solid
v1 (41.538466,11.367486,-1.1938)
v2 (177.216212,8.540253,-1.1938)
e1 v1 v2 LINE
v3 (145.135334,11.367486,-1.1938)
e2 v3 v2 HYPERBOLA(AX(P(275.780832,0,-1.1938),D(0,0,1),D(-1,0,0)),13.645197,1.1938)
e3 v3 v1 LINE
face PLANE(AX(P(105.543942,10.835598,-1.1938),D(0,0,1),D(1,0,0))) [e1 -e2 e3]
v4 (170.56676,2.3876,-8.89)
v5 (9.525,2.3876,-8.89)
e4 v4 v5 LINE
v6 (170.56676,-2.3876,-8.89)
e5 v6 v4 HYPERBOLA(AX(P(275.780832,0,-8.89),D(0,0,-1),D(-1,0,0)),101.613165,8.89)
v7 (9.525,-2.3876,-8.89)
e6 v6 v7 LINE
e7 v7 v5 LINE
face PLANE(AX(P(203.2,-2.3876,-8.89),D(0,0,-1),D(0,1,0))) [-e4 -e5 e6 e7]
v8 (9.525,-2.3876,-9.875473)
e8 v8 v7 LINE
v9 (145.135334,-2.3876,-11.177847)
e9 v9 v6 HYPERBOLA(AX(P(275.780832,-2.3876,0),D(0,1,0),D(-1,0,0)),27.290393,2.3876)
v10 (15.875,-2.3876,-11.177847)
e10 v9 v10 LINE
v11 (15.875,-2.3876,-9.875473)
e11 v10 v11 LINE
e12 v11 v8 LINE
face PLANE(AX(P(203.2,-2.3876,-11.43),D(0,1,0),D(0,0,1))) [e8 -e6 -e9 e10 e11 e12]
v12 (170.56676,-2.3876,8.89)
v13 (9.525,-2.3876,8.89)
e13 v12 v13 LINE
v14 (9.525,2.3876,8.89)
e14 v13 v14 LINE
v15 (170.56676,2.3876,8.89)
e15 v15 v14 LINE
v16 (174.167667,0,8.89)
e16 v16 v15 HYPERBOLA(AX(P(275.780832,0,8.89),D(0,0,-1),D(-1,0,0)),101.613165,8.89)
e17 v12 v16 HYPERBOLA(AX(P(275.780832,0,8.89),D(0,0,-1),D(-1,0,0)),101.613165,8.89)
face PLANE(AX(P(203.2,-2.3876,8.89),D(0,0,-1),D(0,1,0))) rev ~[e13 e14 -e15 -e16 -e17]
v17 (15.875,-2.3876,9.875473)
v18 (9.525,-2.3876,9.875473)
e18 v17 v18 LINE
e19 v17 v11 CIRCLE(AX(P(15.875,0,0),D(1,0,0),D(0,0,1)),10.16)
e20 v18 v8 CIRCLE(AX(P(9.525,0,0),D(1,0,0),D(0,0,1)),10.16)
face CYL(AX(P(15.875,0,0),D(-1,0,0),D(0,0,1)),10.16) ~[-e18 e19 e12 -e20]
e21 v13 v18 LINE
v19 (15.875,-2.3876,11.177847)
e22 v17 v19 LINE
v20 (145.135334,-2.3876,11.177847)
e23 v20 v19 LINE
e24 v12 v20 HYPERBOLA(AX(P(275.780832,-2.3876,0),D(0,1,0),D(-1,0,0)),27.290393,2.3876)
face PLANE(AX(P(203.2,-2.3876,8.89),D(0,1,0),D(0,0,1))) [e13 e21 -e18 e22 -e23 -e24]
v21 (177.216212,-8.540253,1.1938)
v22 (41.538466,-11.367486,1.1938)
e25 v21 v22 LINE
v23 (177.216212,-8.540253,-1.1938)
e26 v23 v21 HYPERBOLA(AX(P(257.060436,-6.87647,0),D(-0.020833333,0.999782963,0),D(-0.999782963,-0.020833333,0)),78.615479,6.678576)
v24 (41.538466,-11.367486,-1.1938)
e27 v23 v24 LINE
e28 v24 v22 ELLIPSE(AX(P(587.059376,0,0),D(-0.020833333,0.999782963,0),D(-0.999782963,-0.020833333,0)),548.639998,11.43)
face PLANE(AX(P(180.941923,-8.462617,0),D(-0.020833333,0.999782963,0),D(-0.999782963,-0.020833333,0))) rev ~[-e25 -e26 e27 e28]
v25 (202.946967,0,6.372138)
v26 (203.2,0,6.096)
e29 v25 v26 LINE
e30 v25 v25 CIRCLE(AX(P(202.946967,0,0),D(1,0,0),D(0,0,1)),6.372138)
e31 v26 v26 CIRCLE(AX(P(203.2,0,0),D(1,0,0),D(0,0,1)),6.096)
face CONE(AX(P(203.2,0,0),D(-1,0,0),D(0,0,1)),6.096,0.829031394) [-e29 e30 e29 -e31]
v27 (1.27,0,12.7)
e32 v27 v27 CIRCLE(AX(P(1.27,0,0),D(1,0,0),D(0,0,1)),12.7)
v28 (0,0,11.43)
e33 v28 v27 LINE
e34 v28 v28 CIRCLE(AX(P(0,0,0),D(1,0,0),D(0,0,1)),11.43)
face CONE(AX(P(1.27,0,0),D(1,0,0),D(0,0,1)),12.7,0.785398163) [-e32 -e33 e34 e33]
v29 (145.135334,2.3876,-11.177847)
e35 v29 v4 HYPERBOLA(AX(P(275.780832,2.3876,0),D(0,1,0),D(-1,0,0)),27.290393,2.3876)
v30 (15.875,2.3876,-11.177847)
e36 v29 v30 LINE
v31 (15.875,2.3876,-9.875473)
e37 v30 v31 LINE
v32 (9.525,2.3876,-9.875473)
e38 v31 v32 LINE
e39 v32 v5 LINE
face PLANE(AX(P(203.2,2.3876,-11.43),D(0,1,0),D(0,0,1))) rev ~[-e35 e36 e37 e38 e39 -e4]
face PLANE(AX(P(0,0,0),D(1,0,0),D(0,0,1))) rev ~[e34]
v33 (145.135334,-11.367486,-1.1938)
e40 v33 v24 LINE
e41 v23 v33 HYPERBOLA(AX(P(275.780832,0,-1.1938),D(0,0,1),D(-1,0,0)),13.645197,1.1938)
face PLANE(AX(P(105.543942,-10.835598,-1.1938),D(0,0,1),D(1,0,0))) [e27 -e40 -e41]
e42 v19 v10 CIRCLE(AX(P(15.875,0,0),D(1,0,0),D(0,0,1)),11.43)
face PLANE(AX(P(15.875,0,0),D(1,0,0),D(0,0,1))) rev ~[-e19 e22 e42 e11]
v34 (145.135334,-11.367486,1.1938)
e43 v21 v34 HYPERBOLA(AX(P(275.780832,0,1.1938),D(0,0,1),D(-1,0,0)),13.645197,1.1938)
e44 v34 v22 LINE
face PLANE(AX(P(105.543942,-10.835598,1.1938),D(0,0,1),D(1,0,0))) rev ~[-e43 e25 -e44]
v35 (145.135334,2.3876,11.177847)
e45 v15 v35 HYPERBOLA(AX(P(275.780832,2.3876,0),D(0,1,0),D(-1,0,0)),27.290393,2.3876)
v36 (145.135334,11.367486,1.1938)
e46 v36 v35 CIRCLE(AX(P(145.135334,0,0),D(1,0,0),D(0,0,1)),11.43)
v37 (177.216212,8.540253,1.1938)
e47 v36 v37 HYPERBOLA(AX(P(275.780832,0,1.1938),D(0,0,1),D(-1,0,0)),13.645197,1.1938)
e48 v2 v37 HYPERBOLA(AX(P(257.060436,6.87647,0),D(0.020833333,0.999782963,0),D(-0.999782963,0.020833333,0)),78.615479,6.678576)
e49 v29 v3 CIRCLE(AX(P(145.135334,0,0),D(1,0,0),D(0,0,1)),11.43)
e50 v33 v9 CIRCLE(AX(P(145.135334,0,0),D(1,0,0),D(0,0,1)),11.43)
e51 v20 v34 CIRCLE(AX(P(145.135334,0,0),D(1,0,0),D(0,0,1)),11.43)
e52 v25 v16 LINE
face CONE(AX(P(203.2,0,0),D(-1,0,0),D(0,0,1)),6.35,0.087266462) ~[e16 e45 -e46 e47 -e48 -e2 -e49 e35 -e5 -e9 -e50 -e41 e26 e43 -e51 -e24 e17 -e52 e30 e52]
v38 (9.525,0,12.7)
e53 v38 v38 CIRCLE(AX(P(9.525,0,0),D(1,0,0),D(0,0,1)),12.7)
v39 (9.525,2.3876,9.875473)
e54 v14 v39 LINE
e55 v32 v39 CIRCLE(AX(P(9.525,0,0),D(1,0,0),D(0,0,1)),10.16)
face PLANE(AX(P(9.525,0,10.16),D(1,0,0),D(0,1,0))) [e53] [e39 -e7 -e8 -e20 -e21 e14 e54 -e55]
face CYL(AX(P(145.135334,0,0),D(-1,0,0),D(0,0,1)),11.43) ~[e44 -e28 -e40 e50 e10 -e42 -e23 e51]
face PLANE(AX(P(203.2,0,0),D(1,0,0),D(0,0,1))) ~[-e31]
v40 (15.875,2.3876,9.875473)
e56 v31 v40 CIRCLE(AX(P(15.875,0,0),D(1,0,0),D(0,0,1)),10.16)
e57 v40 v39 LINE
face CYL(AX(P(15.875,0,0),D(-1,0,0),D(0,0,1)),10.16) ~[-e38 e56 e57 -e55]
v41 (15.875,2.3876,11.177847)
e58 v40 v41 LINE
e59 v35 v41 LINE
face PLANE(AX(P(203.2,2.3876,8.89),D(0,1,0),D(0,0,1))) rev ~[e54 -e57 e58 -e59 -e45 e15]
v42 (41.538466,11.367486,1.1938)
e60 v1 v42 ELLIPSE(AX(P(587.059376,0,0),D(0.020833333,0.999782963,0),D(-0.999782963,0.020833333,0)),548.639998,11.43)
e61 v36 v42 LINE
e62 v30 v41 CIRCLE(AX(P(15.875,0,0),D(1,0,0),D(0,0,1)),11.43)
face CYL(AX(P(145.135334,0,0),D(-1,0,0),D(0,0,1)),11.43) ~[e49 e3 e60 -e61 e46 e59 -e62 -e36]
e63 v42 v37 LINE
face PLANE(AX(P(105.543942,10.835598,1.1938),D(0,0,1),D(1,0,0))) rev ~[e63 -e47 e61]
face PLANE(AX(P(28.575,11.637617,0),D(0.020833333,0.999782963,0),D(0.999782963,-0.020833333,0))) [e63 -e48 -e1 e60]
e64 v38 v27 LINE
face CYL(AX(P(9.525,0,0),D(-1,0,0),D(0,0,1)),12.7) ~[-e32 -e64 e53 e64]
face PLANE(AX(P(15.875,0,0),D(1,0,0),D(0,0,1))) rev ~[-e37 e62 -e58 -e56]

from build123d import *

# Parameters (mm, degrees)
F3_SIZE  = 1.27
F4_SIZE  = 0.254
F5_W     = 4.7752
F5_H     = 2.54
F6_DEPTH = 193.675
F8_DEPTH = 1.1938


with BuildPart() as f2:
    # F0 (on Front) → F2 (revolve)
    with BuildSketch(Plane.XZ):
        Polygon((0, 12.7), (0, 0), (203.2, 0), (203.2, 6.35), (145.135334, 11.43), (15.875, 11.43), (15.875, 10.16), (9.525, 10.16), (9.525, 12.7), align=None)
    revolve(axis=Axis((47.973725, 0, 0), (1, 0, 0)))

    # F3
    f3_edges = [f2.edges().sort_by_distance(p)[0] for p in [
        (0, 0, -12.7),
    ]]
    chamfer(f3_edges, length=F3_SIZE)

    # F4
    f4_edges = [f2.edges().sort_by_distance(p)[0] for p in [
        (203.2, 0, -6.35),
    ]]
    chamfer(f4_edges, length=F4_SIZE)

    # F5 (on face) → F6 (cut, through all)
    with BuildSketch(Plane.YZ.offset(203.2)):
        with Locations((0, 10.16)):
            Rectangle(F5_W, F5_H)
        with Locations((0, -10.16)):
            Rectangle(F5_W, F5_H)
    extrude(amount=-F6_DEPTH, mode=Mode.SUBTRACT)

    # F7 (on Top) → F8 (cut, symmetric)
    with BuildSketch(Plane.XY):
        Polygon((28.575, 11.637617), (180.941923, 8.462617), (180.941923, 11.637617), align=None)
        Polygon((180.941923, -8.462617), (28.575, -11.637617), (180.941923, -11.637617), align=None)
    extrude(amount=F8_DEPTH, both=True, mode=Mode.SUBTRACT)


solid = f2.part
